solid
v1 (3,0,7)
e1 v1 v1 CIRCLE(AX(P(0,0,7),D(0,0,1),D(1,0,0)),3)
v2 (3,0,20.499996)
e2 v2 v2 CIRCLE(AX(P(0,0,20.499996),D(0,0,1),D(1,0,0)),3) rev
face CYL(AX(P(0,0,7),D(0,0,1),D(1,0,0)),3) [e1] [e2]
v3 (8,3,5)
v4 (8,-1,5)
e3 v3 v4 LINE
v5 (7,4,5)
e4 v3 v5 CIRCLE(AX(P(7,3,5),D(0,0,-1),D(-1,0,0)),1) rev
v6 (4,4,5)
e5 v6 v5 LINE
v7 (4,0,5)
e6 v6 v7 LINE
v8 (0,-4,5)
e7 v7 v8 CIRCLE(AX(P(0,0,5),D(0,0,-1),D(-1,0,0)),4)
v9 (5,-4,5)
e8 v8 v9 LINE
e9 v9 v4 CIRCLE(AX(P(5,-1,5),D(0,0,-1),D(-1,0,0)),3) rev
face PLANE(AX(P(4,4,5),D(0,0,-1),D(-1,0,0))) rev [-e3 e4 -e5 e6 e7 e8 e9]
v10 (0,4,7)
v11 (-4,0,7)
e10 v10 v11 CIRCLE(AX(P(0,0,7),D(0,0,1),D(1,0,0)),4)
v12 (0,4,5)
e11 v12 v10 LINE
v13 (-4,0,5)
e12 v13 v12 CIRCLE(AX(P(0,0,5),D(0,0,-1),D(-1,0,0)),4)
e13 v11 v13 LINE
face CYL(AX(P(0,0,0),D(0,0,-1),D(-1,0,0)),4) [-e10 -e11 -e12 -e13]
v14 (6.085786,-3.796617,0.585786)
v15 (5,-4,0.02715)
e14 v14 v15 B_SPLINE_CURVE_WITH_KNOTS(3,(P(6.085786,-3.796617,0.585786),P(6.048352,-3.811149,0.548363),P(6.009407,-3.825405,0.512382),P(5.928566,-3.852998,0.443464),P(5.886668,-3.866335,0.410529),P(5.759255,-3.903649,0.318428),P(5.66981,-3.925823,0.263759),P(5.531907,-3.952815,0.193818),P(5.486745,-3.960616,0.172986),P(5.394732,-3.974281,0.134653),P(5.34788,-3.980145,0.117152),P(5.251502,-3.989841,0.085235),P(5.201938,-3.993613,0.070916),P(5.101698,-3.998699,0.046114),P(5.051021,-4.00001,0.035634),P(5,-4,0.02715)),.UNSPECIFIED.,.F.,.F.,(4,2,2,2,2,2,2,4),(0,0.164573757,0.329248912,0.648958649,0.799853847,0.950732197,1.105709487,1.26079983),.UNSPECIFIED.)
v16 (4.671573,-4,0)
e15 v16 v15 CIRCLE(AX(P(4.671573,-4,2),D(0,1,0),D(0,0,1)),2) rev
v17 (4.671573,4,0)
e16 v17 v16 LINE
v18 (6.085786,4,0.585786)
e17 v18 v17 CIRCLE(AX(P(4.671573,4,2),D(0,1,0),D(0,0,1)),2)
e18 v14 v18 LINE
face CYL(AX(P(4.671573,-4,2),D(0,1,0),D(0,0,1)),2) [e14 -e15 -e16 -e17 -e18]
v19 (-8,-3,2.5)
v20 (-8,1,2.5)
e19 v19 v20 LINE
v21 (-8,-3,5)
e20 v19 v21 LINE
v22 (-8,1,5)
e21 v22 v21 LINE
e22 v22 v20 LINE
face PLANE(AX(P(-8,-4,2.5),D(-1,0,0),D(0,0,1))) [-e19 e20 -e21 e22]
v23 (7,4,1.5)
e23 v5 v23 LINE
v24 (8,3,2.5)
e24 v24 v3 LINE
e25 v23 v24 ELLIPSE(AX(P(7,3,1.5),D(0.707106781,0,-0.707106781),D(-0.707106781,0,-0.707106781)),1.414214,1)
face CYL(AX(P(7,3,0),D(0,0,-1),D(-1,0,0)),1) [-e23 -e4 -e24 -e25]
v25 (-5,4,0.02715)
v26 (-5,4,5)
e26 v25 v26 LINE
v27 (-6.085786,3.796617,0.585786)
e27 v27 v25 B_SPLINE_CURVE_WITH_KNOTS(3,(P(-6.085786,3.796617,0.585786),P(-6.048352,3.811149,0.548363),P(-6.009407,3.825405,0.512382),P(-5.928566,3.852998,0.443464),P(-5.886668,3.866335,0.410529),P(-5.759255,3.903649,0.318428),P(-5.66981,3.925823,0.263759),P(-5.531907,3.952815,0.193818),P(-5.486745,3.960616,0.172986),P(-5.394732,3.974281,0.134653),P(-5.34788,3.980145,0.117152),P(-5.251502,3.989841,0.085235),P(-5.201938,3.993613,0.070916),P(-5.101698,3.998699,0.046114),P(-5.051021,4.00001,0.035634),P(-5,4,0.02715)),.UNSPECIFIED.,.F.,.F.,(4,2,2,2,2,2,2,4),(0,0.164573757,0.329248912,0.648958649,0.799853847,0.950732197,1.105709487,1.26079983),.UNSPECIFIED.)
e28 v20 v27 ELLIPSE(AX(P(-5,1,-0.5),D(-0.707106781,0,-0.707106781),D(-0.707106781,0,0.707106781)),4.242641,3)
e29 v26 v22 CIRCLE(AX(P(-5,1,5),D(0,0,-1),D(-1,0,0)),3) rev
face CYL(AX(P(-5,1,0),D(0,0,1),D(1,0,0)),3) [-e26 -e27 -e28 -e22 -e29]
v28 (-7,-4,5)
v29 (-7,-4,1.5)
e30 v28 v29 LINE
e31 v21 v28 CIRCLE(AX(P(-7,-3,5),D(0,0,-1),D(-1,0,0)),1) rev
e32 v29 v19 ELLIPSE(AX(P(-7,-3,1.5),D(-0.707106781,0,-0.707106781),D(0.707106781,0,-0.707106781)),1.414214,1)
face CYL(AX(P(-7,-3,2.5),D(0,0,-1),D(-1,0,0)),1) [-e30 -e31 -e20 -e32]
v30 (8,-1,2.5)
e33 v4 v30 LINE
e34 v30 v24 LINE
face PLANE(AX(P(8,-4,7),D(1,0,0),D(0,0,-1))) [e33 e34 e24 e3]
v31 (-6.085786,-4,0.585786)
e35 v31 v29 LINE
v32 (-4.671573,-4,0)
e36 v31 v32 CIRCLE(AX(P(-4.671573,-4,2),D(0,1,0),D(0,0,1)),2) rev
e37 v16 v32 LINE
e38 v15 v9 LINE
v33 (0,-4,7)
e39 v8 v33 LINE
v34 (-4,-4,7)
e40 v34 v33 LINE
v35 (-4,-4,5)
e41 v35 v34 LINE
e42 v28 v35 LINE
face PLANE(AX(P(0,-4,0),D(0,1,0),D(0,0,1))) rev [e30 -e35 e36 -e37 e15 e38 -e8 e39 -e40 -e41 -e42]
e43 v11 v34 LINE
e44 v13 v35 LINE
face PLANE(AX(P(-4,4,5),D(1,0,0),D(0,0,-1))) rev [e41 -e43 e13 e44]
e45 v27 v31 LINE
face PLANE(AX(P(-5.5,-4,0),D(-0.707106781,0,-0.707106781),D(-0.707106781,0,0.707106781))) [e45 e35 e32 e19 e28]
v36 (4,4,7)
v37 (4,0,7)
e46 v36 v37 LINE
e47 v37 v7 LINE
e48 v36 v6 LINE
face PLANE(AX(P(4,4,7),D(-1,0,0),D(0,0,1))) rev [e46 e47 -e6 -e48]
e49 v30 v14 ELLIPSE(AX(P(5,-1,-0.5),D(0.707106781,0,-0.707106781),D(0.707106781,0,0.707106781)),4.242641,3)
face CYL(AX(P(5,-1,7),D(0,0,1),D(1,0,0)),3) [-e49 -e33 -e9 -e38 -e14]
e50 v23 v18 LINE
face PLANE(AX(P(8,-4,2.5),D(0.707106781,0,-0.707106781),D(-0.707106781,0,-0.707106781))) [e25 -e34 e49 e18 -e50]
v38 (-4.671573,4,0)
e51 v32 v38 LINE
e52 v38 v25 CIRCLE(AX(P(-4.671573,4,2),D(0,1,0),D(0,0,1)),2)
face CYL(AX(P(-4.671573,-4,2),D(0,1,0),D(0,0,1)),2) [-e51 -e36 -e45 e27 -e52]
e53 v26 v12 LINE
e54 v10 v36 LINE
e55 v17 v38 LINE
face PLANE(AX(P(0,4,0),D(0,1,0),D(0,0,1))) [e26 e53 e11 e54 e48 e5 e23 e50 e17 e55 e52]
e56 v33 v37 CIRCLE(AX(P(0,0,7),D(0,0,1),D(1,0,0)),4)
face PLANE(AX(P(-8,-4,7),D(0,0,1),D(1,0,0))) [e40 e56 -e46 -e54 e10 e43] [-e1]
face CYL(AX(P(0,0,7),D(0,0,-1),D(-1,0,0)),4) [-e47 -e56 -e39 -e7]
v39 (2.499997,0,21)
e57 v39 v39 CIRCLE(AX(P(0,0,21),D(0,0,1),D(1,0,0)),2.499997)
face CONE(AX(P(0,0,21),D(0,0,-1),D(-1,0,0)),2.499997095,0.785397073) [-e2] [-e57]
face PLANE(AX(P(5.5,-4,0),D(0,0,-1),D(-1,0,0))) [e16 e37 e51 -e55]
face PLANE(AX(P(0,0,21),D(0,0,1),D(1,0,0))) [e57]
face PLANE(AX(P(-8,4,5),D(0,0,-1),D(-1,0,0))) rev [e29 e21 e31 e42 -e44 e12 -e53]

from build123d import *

# Parameters (mm, degrees)
EXTRUDE_1_DEPTH     = 8
SKETCH_2_W          = 4
SKETCH_2_H          = 2
CUT_EXTRUDE_1_DEPTH = 14.304134696
SKETCH_3_W          = 4
SKETCH_3_H          = 2
CUT_EXTRUDE_2_DEPTH = 14.304134696
SKETCH_4_W          = 3
SKETCH_4_H          = 14
CHAMFER_1_SIZE      = 0.500002905
CHAMFER_1_SIZE2     = 0.500003995
FILLET_1_R          = 1
FILLET_2_R          = 2
FILLET_3_R          = 3
FILLET_4_R          = 4


with BuildPart() as part:
    # 草图1 → 凸台-拉伸1 (new body)
    with BuildSketch(Plane(origin=(0, 4, 0), x_dir=(1, 0, 0), z_dir=(0, 1, 0))):
        Polygon((-8, -7), (8, -7), (8, -2.5), (5.5, 0), (-5.5, 0), (-8, -2.5), align=None)
    extrude(amount=-EXTRUDE_1_DEPTH)

    # 草图2 → 切除-拉伸1 (cut, through all)
    with BuildSketch(Plane.XZ.offset(4)):
        with Locations((-6, 6)):
            Rectangle(SKETCH_2_W, SKETCH_2_H)
    extrude(amount=-CUT_EXTRUDE_1_DEPTH, mode=Mode.SUBTRACT)

    # 草图3 → 切除-拉伸2 (cut, through all)
    with BuildSketch(Plane.XZ.offset(4)):
        with Locations((6, 6)):
            Rectangle(SKETCH_3_W, SKETCH_3_H)
    extrude(amount=-CUT_EXTRUDE_2_DEPTH, mode=Mode.SUBTRACT)

    # 草图4 → 旋转1 (revolve)
    with BuildSketch(Plane(origin=(0, 0, 0), x_dir=(1, 0, 0), z_dir=(0, 1, 0))):
        with Locations((1.5, -14)):
            Rectangle(SKETCH_4_W, SKETCH_4_H)
    revolve(axis=Axis((0, 0, 7), (0, 0, 1)))

    # 倒角1
    chamfer_1_edges = [part.edges().sort_by_distance(p)[0] for p in [
        (-3, 0, 21),
    ]]
    chamfer_1_side = [part.faces().sort_by_distance(p)[0] for p in [
        (-3, 0, 14),
    ]]
    chamfer(chamfer_1_edges, length=CHAMFER_1_SIZE, length2=CHAMFER_1_SIZE2, reference=chamfer_1_side[0])

    # 圆角1
    fillet_1_edges = [part.edges().sort_by_distance(p)[0] for p in [
        (8, 4, 3.75),
        (-8, -4, 3.75),
    ]]
    fillet(fillet_1_edges, radius=FILLET_1_R)

    # 圆角2
    fillet_2_edges = [part.edges().sort_by_distance(p)[0] for p in [
        (-5.5, 0, 0),
        (5.5, 0, 0),
    ]]
    fillet(fillet_2_edges, radius=FILLET_2_R)

    # 圆角3
    fillet_3_edges = [part.edges().sort_by_distance(p)[0] for p in [
        (8, -4, 3.75),
        (-8, 4, 3.75),
    ]]
    fillet(fillet_3_edges, radius=FILLET_3_R)

    # 圆角4
    fillet_4_edges = [part.edges().sort_by_distance(p)[0] for p in [
        (-4, 4, 6),
        (4, -4, 6),
    ]]
    fillet(fillet_4_edges, radius=FILLET_4_R)


solid = part.part
